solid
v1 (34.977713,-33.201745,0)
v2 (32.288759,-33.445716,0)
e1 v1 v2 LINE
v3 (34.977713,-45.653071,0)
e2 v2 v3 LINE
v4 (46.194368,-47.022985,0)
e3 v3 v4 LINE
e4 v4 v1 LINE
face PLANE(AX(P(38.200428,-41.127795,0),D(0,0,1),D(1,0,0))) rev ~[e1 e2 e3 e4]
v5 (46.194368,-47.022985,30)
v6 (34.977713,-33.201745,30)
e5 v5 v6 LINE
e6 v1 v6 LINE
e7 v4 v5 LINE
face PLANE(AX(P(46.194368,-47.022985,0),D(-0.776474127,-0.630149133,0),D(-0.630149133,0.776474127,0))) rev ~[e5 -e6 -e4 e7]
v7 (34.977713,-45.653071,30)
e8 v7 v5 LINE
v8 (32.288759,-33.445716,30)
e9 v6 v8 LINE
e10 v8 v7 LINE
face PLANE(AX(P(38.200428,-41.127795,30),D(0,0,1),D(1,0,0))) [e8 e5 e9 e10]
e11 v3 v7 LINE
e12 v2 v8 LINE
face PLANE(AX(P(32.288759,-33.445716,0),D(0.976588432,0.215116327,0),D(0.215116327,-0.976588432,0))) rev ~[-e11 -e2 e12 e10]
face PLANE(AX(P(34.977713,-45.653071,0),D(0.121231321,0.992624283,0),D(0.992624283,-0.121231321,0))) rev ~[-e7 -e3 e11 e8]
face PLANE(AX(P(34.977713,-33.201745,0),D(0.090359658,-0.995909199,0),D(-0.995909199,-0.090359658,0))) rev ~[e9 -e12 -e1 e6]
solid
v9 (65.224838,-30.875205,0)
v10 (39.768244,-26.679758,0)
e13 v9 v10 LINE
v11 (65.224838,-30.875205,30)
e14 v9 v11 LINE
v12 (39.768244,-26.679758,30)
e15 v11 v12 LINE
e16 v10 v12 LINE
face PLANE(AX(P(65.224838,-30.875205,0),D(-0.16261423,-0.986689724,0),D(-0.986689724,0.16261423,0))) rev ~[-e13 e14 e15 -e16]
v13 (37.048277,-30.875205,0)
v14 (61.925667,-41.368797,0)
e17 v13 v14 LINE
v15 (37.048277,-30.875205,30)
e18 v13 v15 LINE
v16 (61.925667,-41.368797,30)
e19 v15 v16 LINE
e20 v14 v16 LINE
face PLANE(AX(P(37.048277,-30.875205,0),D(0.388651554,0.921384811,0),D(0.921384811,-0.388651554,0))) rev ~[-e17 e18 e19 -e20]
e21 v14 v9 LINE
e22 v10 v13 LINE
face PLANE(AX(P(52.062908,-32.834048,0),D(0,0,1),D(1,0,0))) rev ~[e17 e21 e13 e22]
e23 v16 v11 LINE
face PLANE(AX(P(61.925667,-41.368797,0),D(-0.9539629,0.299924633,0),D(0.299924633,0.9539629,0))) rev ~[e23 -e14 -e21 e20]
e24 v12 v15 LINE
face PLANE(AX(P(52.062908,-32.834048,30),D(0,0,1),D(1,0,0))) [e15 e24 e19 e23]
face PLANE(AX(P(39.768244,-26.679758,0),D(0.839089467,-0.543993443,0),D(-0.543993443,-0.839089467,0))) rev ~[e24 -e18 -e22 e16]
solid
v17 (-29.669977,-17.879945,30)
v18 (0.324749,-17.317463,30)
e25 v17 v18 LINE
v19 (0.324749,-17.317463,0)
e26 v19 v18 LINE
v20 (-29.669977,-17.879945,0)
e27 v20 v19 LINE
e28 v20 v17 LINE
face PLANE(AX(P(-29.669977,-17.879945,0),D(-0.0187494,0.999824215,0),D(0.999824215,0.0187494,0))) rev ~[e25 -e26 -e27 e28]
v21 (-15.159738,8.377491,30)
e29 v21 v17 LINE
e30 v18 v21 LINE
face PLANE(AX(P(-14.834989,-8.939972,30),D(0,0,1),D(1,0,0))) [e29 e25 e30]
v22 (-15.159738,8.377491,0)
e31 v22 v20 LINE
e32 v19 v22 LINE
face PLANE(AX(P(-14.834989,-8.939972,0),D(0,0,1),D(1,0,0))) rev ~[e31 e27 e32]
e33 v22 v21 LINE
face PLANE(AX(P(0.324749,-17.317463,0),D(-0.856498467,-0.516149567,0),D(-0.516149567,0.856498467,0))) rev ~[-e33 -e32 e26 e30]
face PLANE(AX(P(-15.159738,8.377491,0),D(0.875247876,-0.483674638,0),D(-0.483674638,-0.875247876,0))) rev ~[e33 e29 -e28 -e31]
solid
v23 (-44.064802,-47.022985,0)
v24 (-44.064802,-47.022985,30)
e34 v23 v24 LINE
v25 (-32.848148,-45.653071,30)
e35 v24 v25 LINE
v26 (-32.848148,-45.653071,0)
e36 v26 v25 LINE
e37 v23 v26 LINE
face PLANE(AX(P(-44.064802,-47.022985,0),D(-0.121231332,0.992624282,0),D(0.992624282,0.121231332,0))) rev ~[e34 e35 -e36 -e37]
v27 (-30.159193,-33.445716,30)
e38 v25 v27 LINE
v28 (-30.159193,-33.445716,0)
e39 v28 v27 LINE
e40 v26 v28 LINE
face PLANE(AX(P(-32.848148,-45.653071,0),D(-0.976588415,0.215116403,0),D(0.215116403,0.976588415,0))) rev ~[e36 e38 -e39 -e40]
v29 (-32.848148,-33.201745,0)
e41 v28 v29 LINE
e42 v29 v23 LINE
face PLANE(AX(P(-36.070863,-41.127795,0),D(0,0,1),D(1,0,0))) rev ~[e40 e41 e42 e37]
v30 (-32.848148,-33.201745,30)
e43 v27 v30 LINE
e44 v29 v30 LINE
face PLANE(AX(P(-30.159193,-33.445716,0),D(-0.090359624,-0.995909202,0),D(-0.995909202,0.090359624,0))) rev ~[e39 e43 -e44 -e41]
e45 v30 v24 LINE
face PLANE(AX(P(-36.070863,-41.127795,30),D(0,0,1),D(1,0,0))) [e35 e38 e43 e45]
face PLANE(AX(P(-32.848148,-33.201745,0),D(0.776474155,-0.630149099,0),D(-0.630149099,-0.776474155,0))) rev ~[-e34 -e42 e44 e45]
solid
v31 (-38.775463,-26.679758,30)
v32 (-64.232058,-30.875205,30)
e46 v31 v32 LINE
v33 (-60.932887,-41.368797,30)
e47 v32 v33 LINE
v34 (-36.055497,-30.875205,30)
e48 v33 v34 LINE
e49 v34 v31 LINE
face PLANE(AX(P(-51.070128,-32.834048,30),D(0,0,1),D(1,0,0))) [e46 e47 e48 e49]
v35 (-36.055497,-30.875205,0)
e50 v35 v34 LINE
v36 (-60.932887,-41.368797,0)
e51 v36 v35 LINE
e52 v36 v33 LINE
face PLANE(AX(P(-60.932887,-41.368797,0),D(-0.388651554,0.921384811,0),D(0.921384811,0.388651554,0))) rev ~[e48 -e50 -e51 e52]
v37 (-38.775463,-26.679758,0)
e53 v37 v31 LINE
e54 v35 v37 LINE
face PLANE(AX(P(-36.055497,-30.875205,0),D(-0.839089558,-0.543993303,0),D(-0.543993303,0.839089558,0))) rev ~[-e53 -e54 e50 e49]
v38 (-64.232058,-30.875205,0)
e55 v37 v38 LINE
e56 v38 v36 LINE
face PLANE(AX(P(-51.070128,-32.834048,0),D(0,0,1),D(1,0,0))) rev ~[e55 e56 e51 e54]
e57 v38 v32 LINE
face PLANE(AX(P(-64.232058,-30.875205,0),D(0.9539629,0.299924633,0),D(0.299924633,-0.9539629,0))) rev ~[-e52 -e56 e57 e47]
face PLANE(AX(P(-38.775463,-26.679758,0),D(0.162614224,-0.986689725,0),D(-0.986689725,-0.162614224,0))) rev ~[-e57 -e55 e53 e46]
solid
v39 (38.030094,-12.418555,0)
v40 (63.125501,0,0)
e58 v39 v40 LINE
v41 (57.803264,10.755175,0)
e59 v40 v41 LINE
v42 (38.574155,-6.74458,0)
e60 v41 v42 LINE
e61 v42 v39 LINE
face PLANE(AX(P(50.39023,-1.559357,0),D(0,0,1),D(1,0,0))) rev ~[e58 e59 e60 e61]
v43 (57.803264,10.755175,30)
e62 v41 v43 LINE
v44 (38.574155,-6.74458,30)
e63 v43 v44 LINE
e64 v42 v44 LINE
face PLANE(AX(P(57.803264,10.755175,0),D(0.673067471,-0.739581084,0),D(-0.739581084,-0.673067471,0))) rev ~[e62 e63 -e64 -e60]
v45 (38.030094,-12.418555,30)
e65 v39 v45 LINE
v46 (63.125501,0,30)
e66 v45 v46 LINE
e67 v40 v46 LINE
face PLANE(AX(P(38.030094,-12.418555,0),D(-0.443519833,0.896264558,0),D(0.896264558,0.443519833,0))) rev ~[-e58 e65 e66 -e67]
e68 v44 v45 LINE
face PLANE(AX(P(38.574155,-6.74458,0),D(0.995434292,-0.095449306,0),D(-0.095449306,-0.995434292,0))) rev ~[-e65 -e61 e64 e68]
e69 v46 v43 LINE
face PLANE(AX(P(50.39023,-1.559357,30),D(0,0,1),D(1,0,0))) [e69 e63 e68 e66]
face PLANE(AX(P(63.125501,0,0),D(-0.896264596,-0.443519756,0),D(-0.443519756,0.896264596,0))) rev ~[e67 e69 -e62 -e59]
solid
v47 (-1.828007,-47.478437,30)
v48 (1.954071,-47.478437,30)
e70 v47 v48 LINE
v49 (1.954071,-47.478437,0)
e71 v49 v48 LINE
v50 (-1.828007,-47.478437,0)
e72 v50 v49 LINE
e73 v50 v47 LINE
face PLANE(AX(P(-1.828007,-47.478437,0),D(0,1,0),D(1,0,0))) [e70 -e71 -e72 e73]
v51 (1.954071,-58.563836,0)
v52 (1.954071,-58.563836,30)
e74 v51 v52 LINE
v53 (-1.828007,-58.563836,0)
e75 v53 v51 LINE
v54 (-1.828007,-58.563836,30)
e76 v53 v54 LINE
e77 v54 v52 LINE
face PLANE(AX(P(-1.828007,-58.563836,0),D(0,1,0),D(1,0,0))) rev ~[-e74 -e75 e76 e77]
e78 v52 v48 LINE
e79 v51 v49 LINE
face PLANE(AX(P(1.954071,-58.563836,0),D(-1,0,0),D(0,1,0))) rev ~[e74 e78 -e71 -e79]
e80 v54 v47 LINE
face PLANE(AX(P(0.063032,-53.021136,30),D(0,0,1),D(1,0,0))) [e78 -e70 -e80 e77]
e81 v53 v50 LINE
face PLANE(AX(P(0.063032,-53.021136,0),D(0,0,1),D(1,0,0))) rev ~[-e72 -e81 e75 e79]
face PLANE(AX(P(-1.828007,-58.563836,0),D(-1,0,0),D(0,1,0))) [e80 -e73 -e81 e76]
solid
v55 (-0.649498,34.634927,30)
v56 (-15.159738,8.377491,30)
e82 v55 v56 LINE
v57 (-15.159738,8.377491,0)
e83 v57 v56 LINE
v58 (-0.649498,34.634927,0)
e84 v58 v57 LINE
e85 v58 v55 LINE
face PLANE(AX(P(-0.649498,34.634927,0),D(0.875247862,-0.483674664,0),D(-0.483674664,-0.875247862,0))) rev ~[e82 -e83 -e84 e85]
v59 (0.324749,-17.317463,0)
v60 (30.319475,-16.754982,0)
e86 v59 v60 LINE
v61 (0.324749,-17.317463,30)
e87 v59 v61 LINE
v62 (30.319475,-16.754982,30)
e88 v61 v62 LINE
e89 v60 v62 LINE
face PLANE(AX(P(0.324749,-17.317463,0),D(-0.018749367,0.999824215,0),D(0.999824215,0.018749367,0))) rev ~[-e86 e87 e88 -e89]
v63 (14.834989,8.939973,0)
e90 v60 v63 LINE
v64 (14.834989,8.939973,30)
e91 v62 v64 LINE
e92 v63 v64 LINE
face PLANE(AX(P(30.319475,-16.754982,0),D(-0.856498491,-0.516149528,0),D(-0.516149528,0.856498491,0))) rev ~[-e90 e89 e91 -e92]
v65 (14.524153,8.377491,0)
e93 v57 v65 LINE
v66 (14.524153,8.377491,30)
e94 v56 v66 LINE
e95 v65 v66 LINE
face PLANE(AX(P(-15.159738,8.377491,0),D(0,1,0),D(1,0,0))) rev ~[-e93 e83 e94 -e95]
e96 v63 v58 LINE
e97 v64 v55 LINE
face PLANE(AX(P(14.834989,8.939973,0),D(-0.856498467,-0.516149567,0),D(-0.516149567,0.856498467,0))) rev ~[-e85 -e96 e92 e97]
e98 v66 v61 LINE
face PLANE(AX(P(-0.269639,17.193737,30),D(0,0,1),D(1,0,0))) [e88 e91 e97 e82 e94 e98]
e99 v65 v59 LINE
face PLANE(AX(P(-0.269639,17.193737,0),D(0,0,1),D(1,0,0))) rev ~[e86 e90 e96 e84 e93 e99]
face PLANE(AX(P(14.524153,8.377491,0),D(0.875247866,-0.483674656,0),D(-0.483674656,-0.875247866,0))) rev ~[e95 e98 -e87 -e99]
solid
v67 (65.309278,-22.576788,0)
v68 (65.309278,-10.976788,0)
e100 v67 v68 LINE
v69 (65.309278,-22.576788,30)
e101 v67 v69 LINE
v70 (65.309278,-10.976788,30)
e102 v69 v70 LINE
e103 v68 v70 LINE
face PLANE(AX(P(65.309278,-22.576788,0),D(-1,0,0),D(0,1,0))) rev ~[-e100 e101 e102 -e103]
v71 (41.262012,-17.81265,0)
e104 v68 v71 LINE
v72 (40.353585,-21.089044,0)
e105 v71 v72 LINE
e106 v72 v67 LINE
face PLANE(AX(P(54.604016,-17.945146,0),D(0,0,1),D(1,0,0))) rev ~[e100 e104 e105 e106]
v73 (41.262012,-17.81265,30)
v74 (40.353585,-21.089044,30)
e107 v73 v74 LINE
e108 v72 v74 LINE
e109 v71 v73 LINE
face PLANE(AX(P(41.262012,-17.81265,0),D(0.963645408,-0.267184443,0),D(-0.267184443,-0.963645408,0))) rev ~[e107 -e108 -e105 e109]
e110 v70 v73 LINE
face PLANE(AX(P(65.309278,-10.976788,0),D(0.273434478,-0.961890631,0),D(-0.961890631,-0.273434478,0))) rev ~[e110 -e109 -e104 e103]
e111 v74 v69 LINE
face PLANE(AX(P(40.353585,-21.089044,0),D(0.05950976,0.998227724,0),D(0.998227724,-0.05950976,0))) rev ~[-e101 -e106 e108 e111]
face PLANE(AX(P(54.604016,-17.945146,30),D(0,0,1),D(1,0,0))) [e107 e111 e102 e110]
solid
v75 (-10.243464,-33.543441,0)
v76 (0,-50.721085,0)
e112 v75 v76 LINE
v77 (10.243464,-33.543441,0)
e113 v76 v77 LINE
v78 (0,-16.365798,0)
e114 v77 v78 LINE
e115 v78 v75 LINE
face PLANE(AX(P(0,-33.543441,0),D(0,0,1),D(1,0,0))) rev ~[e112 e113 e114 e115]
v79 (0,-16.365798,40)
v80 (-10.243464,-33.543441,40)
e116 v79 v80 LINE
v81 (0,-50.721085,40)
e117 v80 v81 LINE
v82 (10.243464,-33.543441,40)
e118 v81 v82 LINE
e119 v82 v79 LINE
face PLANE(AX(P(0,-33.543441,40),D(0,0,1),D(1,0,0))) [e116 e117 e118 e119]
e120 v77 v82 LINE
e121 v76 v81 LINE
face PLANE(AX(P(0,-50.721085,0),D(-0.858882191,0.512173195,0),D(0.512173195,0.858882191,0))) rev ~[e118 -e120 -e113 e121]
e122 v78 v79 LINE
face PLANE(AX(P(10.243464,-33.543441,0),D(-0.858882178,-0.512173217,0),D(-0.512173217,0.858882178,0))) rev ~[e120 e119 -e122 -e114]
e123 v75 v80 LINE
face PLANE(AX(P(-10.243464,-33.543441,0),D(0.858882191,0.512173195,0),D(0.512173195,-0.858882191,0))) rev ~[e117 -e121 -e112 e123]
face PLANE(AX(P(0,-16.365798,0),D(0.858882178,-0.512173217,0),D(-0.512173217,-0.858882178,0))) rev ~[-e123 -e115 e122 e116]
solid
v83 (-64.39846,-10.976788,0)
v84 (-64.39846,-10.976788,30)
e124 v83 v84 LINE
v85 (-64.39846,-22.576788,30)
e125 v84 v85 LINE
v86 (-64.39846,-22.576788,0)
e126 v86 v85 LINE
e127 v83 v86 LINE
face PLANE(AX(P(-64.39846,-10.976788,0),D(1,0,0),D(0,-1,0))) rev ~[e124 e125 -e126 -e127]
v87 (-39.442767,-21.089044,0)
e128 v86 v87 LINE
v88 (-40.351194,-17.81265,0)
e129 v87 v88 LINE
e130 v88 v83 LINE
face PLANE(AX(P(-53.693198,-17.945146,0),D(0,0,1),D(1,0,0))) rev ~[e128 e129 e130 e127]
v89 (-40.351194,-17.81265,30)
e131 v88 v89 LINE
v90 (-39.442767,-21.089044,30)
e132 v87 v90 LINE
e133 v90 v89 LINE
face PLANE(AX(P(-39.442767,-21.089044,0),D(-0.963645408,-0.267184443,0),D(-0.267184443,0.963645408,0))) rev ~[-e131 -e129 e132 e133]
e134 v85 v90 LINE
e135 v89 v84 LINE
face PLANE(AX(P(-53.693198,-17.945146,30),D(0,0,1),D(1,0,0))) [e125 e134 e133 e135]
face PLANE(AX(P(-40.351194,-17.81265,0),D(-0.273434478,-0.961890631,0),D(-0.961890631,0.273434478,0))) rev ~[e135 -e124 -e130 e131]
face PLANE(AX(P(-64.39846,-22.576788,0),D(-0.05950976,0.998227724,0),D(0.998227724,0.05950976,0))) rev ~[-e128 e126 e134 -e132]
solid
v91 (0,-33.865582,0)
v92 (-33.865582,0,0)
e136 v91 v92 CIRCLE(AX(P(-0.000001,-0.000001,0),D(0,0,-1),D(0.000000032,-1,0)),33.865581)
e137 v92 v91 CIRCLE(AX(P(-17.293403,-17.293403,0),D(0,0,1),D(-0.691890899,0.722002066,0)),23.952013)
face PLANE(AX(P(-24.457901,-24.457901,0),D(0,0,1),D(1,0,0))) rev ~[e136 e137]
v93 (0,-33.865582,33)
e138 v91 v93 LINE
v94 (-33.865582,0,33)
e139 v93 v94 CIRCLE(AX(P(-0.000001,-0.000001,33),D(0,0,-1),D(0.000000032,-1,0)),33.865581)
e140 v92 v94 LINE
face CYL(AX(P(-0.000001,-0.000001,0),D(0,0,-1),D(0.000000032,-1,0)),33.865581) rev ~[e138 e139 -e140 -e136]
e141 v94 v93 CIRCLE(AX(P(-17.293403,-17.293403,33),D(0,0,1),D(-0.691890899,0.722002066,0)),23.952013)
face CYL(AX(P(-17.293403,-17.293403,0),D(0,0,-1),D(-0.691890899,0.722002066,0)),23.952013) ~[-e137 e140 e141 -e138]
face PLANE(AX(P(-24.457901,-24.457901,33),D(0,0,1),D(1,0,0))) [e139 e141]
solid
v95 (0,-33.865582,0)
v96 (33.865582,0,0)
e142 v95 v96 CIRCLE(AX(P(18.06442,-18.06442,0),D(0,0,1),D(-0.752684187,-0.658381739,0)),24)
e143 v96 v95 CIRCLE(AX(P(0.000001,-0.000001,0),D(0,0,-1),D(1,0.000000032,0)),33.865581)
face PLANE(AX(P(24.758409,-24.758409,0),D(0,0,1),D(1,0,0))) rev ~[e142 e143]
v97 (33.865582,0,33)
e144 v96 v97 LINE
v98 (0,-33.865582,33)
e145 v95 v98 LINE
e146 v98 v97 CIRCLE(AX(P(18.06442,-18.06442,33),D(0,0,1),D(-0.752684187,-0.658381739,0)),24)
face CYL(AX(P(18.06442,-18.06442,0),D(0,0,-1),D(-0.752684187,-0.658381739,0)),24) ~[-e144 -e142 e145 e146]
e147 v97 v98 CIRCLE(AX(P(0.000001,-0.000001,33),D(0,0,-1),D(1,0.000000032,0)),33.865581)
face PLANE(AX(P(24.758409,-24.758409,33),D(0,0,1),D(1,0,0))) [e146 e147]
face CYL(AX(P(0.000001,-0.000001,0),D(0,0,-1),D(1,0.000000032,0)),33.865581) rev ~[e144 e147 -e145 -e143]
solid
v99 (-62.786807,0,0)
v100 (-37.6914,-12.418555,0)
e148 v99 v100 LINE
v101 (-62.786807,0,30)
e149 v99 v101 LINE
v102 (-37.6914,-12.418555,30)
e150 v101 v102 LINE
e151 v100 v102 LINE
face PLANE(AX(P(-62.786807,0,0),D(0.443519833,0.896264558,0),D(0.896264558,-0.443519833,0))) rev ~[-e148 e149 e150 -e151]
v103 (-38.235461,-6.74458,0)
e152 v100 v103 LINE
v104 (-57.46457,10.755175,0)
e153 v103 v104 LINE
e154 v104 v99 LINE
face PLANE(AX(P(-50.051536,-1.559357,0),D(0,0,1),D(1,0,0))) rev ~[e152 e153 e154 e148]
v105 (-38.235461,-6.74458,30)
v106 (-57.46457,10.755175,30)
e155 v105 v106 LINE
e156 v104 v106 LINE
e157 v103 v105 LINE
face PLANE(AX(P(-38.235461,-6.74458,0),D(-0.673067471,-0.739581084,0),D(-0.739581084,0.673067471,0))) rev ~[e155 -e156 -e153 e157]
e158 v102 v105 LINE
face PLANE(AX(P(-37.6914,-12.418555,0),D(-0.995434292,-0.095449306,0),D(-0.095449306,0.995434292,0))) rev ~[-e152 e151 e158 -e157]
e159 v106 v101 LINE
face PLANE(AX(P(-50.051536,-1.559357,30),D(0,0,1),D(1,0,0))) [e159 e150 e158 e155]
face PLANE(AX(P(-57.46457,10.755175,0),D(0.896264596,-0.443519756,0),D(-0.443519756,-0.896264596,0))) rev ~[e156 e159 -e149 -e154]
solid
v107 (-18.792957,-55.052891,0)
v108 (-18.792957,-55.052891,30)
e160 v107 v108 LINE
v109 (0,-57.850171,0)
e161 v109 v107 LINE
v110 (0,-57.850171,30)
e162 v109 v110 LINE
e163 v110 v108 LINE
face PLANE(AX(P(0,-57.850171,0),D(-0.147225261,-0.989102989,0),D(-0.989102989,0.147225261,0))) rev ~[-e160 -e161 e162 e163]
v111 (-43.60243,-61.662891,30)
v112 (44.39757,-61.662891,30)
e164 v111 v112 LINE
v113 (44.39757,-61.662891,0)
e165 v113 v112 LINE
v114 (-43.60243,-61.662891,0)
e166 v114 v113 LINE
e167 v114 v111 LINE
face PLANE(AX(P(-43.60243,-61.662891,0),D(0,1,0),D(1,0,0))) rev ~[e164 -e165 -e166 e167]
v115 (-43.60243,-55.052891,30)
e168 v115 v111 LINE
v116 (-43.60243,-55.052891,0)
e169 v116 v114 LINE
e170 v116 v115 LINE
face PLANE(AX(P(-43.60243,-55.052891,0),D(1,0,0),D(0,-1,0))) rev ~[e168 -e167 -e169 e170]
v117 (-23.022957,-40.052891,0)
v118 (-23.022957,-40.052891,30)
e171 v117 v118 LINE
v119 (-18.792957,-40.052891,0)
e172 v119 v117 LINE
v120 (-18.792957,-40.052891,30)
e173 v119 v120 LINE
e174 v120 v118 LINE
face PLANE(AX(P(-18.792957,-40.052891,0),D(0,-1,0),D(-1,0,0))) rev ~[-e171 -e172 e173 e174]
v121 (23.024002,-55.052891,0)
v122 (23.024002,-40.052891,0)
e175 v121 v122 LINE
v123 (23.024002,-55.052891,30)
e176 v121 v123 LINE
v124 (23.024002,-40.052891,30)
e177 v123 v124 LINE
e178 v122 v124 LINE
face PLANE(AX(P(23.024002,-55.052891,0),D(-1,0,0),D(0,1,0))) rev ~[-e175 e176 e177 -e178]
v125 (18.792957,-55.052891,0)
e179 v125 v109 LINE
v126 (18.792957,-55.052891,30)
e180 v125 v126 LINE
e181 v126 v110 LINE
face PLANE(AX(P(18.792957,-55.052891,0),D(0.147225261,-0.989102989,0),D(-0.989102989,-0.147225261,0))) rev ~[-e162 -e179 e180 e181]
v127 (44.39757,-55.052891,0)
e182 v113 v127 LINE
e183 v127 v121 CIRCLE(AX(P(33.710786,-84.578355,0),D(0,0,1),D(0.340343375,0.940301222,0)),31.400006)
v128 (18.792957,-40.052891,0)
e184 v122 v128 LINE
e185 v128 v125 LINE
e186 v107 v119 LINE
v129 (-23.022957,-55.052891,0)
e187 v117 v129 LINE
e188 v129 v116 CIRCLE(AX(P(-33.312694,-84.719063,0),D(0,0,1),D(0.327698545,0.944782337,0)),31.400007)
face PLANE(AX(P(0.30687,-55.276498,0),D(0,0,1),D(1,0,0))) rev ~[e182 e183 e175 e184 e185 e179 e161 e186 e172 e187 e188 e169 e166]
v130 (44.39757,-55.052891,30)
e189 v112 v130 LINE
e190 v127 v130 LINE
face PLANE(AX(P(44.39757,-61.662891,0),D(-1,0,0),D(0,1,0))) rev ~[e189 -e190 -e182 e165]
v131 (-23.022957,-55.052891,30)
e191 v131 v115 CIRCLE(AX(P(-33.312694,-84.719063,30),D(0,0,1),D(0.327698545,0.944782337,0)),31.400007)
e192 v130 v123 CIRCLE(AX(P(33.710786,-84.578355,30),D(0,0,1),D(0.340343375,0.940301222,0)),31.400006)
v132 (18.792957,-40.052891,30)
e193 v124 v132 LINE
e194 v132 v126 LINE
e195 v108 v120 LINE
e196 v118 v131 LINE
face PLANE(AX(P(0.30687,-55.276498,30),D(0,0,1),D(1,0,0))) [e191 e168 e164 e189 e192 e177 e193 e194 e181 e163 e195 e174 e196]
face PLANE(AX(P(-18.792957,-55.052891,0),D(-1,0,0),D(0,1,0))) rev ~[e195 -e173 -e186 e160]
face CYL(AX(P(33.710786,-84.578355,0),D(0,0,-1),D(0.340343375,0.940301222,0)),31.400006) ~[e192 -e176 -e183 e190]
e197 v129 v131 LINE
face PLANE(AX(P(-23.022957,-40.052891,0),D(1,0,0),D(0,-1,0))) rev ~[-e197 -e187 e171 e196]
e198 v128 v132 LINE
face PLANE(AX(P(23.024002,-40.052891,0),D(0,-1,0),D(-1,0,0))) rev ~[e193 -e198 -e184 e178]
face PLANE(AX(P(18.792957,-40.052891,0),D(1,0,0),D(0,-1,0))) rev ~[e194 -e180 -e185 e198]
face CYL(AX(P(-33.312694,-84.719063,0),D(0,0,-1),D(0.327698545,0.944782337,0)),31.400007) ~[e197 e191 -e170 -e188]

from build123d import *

# Parameters (mm, degrees)
F1_DEPTH  = 30
F3_DEPTH  = 33
F5_DEPTH  = 40
F7_DEPTH  = 30
F9_DEPTH  = 30
F11_DEPTH = 30
F13_DEPTH = 30
F14_W     = 3.782077
F14_H     = 11.085399
F15_DEPTH = 30


with BuildPart() as f1:
    # F0 (on Top) → F1 (new body)
    with BuildSketch(Plane.XY):
        Polygon((14.524153, 8.377491), (14.834989, 8.939973), (-0.649498, 34.634927), (-15.159738, 8.377491), align=None)
        Polygon((-29.669977, -17.879945), (0.324749, -17.317463), (-15.159738, 8.377491), align=None)
        Polygon((0.324749, -17.317463), (30.319475, -16.754982), (14.834989, 8.939973), (14.524153, 8.377491), align=None)
    extrude(amount=F1_DEPTH)


with BuildPart() as f3:
    # F2 (on Top) → F3 (new body)
    with BuildSketch(Plane.XY):
        with BuildLine():
            ThreePointArc((33.865582, 0), (23.946583, -23.946583), (0, -33.865582))
            ThreePointArc((0, -33.865582), (35.034983, -35.034983), (33.865582, 0))
        make_face()
        with BuildLine():
            ThreePointArc((0, -33.865582), (-23.946583, -23.946583), (-33.865582, 0))
            ThreePointArc((-33.865582, 0), (-34.230033, -34.230033), (0, -33.865582))
        make_face()
    extrude(amount=F3_DEPTH)


with BuildPart() as f5:
    # F4 (on Top) → F5 (new body)
    with BuildSketch(Plane.XY):
        Polygon((10.243464, -33.543441), (0, -16.365798), (-10.243464, -33.543441), (0, -50.721085), align=None)
    extrude(amount=F5_DEPTH)


with BuildPart() as f7:
    # F6 (on Top) → F7 (new body)
    with BuildSketch(Plane.XY):
        Polygon((-37.6914, -12.418555), (-38.235461, -6.74458), (-57.46457, 10.755175), (-62.786807, 0), align=None)
        Polygon((57.803264, 10.755175), (38.574155, -6.74458), (38.030094, -12.418555), (63.125501, 0), align=None)
    extrude(amount=F7_DEPTH)


with BuildPart() as f9:
    # F8 (on Top) → F9 (new body)
    with BuildSketch(Plane.XY):
        Polygon((-36.055497, -30.875205), (-38.775463, -26.679758), (-64.232058, -30.875205), (-60.932887, -41.368797), align=None)
        Polygon((65.224838, -30.875205), (39.768244, -26.679758), (37.048277, -30.875205), (61.925667, -41.368797), align=None)
        Polygon((-39.442767, -21.089044), (-40.351194, -17.81265), (-64.39846, -10.976788), (-64.39846, -22.576788), align=None)
        Polygon((65.309278, -10.976788), (41.262012, -17.81265), (40.353585, -21.089044), (65.309278, -22.576788), align=None)
    extrude(amount=F9_DEPTH)


with BuildPart() as f11:
    # F10 (on Top) → F11 (new body)
    with BuildSketch(Plane.XY):
        Polygon((-30.159193, -33.445716), (-32.848148, -33.201745), (-44.064802, -47.022985), (-32.848148, -45.653071), align=None)
        Polygon((34.977713, -33.201745), (32.288759, -33.445716), (34.977713, -45.653071), (46.194368, -47.022985), align=None)
    extrude(amount=F11_DEPTH)


with BuildPart() as f13:
    # F12 (on Top) → F13 (new body)
    with BuildSketch(Plane.XY):
        with BuildLine():
            Line((-18.792957, -40.052891), (-23.022957, -40.052891))
            Line((-23.022957, -40.052891), (-23.022957, -55.052891))
            ThreePointArc((-23.022957, -55.052891), (-33.312693, -53.319056), (-43.60243, -55.052891))
            Line((-43.60243, -55.052891), (-43.60243, -61.662891))
            Line((-43.60243, -61.662891), (44.39757, -61.662891))
            Line((44.39757, -61.662891), (44.39757, -55.052891))
            ThreePointArc((44.39757, -55.052891), (33.710786, -53.178349), (23.024002, -55.052891))
            Line((23.024002, -55.052891), (23.024002, -40.052891))
            Line((23.024002, -40.052891), (18.792957, -40.052891))
            Line((18.792957, -40.052891), (18.792957, -55.052891))
            Line((18.792957, -55.052891), (0, -57.850171))
            Line((0, -57.850171), (-18.792957, -55.052891))
            Line((-18.792957, -55.052891), (-18.792957, -40.052891))
        make_face()
    extrude(amount=F13_DEPTH)


with BuildPart() as f15:
    # F14 (on Top) → F15 (new body)
    with BuildSketch(Plane.XY):
        with Locations((0.063032, -53.021136)):
            Rectangle(F14_W, F14_H)
    extrude(amount=F15_DEPTH)


solid = Compound([f1.part, f3.part, f5.part, f7.part, f9.part, f11.part, f13.part, f15.part])
